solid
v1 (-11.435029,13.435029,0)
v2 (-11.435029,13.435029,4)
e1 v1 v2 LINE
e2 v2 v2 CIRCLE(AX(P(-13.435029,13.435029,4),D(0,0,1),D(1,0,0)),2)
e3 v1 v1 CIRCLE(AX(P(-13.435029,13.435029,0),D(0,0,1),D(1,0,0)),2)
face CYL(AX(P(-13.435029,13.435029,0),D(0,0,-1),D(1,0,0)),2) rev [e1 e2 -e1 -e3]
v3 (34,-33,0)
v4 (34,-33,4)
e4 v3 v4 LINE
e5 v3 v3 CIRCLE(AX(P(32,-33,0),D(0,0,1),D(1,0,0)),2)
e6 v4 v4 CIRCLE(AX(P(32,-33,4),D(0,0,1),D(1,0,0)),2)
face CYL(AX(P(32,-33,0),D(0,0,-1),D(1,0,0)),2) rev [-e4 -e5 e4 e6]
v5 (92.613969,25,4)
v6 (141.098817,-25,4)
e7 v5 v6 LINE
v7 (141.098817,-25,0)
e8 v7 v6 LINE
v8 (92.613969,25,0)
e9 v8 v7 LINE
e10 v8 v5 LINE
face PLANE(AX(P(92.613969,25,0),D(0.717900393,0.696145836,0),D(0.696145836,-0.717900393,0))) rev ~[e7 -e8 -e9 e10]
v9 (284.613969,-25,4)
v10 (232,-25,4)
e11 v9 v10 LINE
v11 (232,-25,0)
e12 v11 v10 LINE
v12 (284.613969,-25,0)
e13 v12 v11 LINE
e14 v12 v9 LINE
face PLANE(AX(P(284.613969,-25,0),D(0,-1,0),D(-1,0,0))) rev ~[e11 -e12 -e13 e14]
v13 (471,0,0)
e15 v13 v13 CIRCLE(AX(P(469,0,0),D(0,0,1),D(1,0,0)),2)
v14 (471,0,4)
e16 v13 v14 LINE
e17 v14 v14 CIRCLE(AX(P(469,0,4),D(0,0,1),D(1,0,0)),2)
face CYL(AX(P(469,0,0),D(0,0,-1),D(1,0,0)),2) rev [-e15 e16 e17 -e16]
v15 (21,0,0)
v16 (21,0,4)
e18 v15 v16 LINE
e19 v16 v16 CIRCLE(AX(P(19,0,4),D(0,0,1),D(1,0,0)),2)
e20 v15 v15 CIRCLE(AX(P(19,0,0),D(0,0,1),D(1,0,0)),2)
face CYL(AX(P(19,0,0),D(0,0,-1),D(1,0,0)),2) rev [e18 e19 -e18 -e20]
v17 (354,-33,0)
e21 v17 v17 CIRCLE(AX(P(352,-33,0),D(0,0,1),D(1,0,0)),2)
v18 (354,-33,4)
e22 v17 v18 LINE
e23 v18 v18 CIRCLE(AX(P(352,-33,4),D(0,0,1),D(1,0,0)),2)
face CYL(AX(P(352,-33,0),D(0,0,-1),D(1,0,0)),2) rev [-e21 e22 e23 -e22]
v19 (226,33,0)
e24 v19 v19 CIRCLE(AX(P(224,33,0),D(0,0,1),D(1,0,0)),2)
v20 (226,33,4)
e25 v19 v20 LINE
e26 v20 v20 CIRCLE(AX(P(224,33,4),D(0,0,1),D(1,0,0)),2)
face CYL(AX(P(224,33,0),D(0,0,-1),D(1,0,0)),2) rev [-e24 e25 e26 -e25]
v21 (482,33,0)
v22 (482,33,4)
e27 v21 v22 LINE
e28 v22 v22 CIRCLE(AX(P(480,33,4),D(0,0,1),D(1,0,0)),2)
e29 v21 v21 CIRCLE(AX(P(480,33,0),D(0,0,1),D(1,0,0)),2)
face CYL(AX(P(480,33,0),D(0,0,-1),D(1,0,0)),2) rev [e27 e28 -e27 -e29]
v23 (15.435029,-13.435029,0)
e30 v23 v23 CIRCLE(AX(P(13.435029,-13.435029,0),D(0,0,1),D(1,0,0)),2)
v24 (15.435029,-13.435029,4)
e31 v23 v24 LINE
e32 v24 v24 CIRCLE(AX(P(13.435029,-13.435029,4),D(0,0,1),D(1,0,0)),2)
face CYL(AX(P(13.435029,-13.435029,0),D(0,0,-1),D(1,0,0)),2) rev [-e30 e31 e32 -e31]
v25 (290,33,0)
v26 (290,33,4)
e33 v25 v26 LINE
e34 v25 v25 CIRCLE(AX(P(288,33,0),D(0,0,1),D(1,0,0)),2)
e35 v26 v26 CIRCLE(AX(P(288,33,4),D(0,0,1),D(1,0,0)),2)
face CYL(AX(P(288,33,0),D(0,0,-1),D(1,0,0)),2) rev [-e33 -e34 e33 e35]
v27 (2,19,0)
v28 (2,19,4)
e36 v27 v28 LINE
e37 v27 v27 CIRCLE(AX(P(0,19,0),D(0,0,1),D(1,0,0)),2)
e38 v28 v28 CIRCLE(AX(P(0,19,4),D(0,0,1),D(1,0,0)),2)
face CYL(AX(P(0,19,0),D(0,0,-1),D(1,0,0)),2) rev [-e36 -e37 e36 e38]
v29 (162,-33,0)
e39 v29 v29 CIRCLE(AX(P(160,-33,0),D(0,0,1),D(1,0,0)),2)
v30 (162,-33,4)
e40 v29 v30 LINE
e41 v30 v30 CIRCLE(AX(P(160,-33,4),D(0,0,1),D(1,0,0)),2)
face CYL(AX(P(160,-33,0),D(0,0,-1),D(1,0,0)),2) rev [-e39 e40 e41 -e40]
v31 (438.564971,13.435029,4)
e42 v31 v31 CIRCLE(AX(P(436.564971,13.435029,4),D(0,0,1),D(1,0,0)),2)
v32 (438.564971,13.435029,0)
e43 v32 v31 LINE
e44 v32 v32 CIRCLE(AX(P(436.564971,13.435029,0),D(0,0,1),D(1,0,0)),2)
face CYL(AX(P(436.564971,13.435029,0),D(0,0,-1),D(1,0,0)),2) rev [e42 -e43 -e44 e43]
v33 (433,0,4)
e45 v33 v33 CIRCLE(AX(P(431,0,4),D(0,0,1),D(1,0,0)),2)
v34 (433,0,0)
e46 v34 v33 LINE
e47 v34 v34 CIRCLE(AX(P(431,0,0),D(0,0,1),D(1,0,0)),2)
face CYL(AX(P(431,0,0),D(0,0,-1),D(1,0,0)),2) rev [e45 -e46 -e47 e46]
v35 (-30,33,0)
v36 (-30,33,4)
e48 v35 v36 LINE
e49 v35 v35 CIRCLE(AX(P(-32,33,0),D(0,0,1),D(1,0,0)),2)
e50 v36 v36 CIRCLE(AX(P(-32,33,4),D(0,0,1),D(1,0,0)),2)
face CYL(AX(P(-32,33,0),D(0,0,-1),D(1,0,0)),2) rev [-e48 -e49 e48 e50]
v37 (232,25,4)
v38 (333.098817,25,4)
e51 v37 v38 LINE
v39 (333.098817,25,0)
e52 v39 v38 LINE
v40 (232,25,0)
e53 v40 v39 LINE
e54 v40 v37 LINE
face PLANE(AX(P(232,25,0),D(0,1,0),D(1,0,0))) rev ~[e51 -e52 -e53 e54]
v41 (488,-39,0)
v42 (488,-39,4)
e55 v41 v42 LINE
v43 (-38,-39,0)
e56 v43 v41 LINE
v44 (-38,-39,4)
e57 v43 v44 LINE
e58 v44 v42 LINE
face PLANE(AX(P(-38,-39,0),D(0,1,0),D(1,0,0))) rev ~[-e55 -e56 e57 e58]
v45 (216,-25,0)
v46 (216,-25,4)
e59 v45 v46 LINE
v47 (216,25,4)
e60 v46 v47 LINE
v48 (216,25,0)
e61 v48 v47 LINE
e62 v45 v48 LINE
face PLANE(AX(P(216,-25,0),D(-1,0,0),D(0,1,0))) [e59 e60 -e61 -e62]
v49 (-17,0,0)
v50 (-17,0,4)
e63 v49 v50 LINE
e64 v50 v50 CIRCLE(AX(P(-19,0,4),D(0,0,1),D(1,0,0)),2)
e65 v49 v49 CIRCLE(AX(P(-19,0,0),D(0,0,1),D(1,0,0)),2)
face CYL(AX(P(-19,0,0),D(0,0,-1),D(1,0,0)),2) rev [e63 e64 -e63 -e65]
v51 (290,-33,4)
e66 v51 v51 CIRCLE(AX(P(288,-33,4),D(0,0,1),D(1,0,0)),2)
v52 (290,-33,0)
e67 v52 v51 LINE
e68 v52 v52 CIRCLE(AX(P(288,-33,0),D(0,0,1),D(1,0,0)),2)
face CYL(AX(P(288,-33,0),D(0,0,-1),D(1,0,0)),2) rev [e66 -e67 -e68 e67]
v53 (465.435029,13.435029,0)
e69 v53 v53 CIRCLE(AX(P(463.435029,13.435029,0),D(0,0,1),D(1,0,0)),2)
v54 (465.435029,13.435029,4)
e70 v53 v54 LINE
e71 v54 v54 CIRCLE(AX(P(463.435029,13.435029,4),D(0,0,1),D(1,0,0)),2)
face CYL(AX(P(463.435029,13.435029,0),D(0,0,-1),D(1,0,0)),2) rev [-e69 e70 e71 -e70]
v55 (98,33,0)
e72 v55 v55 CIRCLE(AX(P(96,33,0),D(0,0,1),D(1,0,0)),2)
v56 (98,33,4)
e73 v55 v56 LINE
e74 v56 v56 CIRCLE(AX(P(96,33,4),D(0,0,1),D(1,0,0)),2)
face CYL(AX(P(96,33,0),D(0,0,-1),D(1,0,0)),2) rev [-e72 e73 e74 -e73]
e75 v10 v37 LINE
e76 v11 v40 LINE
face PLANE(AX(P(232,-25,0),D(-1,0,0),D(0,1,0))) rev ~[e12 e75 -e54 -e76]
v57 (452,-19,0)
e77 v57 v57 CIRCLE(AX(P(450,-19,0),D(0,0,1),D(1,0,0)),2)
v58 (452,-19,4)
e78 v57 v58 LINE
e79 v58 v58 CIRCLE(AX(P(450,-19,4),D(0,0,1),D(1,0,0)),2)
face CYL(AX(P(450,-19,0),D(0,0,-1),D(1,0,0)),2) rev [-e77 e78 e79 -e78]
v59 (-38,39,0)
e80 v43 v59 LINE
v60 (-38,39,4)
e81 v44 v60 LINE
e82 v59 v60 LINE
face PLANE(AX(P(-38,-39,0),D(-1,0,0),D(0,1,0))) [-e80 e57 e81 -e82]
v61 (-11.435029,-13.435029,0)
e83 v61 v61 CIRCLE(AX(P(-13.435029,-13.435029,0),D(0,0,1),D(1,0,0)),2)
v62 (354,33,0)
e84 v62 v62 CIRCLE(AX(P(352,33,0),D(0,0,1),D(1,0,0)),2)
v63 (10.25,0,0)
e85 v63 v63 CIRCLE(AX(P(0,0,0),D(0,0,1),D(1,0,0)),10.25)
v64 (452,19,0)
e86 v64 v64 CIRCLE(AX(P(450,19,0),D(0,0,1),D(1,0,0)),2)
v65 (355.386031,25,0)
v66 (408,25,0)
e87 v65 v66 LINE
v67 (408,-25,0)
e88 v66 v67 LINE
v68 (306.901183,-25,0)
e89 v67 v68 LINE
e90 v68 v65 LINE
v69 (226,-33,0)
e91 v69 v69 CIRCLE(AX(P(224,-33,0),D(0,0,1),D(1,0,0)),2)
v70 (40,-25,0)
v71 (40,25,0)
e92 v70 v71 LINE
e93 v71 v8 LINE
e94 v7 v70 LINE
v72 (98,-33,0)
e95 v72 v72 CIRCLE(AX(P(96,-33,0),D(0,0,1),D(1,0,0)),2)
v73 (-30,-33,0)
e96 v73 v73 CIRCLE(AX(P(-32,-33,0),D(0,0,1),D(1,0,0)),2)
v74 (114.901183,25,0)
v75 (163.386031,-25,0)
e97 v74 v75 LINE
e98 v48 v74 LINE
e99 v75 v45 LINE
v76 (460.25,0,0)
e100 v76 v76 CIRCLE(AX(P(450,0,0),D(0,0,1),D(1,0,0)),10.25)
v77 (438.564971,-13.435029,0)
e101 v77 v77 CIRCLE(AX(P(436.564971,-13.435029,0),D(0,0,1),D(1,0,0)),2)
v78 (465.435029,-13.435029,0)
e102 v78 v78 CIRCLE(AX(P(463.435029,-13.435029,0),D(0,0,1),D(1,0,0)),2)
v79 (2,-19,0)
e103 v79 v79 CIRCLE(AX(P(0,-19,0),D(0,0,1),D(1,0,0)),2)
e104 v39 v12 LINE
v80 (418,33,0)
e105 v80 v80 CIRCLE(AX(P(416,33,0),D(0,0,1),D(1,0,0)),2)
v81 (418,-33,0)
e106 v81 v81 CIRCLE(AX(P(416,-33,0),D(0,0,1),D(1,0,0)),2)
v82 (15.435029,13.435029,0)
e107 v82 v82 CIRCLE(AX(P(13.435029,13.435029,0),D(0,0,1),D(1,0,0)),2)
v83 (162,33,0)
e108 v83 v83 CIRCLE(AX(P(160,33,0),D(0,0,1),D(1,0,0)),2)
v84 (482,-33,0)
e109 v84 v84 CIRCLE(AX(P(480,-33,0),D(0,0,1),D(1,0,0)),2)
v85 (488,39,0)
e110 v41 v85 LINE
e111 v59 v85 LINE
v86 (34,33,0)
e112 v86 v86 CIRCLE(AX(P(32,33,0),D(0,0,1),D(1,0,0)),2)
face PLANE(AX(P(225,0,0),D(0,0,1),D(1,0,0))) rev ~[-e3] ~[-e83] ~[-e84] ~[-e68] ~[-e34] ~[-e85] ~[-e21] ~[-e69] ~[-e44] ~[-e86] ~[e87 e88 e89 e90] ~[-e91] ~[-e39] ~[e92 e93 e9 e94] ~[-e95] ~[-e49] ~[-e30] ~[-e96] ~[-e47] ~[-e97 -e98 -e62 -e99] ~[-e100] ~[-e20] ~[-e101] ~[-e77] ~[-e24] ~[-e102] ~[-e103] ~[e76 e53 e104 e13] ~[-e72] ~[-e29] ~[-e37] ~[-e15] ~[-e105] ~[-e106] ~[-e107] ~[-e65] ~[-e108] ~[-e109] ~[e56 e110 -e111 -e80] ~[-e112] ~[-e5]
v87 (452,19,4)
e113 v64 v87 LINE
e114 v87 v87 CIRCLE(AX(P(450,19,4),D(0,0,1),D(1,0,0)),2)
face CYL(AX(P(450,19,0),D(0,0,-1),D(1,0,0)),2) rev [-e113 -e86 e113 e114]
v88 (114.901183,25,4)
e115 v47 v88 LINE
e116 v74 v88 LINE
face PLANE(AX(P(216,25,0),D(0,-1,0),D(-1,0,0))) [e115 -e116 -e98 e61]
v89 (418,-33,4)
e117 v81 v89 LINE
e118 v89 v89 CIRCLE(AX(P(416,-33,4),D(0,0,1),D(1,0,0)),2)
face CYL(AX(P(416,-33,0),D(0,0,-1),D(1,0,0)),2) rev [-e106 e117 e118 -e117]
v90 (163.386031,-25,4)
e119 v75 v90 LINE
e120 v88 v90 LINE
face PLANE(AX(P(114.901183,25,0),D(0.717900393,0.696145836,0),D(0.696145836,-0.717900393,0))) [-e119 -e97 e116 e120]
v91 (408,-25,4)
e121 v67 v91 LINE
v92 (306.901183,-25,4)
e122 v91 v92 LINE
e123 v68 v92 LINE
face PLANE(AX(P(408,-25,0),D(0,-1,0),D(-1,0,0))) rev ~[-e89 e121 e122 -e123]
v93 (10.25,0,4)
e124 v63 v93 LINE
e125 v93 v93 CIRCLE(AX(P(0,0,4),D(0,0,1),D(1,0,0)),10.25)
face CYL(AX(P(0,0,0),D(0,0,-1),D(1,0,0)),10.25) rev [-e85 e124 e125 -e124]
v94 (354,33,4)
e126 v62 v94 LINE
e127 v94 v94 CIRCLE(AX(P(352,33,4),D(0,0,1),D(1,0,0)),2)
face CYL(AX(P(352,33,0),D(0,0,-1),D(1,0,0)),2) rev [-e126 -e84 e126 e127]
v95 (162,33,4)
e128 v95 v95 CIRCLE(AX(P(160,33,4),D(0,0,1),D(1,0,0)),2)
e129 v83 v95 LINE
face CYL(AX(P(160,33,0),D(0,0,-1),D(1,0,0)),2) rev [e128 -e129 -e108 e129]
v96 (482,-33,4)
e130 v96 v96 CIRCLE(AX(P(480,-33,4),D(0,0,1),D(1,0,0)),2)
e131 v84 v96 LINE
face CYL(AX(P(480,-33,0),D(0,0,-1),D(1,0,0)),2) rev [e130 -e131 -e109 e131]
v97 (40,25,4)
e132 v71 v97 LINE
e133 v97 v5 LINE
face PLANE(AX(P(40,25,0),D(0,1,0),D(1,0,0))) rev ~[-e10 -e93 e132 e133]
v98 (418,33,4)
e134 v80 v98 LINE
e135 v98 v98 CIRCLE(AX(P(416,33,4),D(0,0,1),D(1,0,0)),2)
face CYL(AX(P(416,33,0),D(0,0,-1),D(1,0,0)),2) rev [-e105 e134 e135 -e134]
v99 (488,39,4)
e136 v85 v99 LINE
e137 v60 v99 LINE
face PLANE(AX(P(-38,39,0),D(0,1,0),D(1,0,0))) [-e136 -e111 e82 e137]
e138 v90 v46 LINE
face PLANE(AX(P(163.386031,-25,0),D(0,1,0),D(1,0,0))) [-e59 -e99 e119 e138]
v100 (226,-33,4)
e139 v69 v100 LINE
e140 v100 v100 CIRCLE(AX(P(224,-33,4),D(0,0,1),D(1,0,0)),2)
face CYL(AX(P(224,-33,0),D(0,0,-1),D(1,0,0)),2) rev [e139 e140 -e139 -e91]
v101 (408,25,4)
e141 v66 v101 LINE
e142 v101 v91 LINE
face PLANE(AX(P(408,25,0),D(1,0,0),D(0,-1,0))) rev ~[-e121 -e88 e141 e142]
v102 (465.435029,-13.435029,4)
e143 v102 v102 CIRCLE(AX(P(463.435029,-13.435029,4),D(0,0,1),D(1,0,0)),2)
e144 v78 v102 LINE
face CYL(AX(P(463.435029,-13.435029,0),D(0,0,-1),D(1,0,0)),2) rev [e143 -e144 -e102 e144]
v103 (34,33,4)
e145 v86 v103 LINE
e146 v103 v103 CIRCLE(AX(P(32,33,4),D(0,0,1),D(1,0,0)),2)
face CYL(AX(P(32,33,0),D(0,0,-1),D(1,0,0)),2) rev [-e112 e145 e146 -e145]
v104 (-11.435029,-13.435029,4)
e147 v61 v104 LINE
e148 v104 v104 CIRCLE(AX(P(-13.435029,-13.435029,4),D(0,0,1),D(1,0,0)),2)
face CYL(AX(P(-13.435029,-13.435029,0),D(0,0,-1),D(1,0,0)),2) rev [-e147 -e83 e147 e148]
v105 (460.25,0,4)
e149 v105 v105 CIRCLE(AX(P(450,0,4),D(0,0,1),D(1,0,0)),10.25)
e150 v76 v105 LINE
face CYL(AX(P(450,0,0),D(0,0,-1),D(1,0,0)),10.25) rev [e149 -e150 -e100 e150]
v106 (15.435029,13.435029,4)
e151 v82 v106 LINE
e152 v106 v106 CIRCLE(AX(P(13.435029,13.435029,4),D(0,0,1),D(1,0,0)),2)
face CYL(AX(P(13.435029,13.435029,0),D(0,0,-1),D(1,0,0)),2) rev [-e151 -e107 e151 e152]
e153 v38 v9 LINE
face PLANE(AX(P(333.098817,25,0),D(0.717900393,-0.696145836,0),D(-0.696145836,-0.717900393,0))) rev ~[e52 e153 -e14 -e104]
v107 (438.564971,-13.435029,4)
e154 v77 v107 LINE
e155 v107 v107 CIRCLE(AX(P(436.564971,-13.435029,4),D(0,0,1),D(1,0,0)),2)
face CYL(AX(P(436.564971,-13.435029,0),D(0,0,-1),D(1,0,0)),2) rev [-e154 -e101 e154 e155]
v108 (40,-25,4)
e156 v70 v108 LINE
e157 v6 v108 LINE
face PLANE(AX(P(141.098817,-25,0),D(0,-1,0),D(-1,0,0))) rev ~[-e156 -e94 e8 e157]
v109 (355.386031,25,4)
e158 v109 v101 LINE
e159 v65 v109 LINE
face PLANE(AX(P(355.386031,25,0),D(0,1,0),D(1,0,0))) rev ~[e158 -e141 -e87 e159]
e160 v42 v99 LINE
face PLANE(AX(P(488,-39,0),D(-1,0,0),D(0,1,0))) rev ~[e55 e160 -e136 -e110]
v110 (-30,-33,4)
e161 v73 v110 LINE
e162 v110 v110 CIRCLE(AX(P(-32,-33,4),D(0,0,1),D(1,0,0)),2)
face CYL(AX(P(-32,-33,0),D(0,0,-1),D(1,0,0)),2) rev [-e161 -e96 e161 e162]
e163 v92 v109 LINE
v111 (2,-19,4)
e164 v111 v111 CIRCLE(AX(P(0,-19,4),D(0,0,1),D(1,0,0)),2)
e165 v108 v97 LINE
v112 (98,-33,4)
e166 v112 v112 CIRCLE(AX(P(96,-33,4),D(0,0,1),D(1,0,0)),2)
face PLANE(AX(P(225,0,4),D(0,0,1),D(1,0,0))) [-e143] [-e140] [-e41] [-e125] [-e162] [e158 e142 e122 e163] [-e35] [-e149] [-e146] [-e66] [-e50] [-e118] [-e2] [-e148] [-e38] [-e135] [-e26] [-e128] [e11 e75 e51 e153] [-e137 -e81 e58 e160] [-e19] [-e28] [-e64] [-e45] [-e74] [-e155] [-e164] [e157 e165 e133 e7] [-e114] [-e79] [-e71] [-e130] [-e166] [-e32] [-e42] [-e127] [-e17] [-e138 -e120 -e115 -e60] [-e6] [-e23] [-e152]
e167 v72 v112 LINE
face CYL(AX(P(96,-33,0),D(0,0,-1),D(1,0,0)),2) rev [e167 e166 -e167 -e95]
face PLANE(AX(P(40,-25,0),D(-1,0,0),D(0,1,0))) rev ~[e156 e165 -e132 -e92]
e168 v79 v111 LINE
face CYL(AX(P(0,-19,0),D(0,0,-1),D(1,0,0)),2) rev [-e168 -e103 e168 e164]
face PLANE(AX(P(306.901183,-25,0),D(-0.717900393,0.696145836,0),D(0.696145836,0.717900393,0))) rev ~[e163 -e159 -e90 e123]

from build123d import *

# Parameters (mm, degrees)
SKETCH_1_W      = 526
SKETCH_1_H      = 78
SKETCH_1_R      = 2
SKETCH_1_R_2    = 10.25
EXTRUDE_1_DEPTH = 4


with BuildPart() as part:
    # 草图1 → 凸台-拉伸1 (new body)
    with BuildSketch(Plane.XY):
        with Locations((225, 0)):
            Rectangle(SKETCH_1_W, SKETCH_1_H)
        with Locations((-32, -33)):
            Circle(SKETCH_1_R, mode=Mode.SUBTRACT)
        with Locations((32, -33)):
            Circle(SKETCH_1_R, mode=Mode.SUBTRACT)
        with Locations((96, -33)):
            Circle(SKETCH_1_R, mode=Mode.SUBTRACT)
        with Locations((160, -33)):
            Circle(SKETCH_1_R, mode=Mode.SUBTRACT)
        with Locations((224, -33)):
            Circle(SKETCH_1_R, mode=Mode.SUBTRACT)
        with Locations((0, -19)):
            Circle(SKETCH_1_R, mode=Mode.SUBTRACT)
        with Locations((-13.435028843, -13.435028843)):
            Circle(SKETCH_1_R, mode=Mode.SUBTRACT)
        with Locations((13.435028843, -13.435028843)):
            Circle(SKETCH_1_R, mode=Mode.SUBTRACT)
        with Locations((19, 0)):
            Circle(SKETCH_1_R, mode=Mode.SUBTRACT)
        with Locations((288, -33)):
            Circle(SKETCH_1_R, mode=Mode.SUBTRACT)
        with Locations((352, -33)):
            Circle(SKETCH_1_R, mode=Mode.SUBTRACT)
        with Locations((416, -33)):
            Circle(SKETCH_1_R, mode=Mode.SUBTRACT)
        with Locations((480, -33)):
            Circle(SKETCH_1_R, mode=Mode.SUBTRACT)
        with Locations((450, -19)):
            Circle(SKETCH_1_R, mode=Mode.SUBTRACT)
        with Locations((436.564971157, -13.435028843)):
            Circle(SKETCH_1_R, mode=Mode.SUBTRACT)
        with Locations((463.435028843, -13.435028843)):
            Circle(SKETCH_1_R, mode=Mode.SUBTRACT)
        with Locations((-19, 0)):
            Circle(SKETCH_1_R, mode=Mode.SUBTRACT)
        Circle(SKETCH_1_R_2, mode=Mode.SUBTRACT)
        Polygon((40, -25), (40, 25), (92.613968548, 25), (141.098817033, -25), align=None, mode=Mode.SUBTRACT)
        with Locations((-13.435028843, 13.435028843)):
            Circle(SKETCH_1_R, mode=Mode.SUBTRACT)
        with Locations((13.435028843, 13.435028843)):
            Circle(SKETCH_1_R, mode=Mode.SUBTRACT)
        with Locations((0, 19)):
            Circle(SKETCH_1_R, mode=Mode.SUBTRACT)
        Polygon((163.386031452, -25), (114.901182967, 25), (216, 25), (216, -25), align=None, mode=Mode.SUBTRACT)
        with Locations((-32, 33)):
            Circle(SKETCH_1_R, mode=Mode.SUBTRACT)
        with Locations((32, 33)):
            Circle(SKETCH_1_R, mode=Mode.SUBTRACT)
        with Locations((96, 33)):
            Circle(SKETCH_1_R, mode=Mode.SUBTRACT)
        with Locations((160, 33)):
            Circle(SKETCH_1_R, mode=Mode.SUBTRACT)
        with Locations((224, 33)):
            Circle(SKETCH_1_R, mode=Mode.SUBTRACT)
        Polygon((333.098817033, 25), (284.613968548, -25), (232, -25), (232, 25), align=None, mode=Mode.SUBTRACT)
        Polygon((408, -25), (306.901182967, -25), (355.386031452, 25), (408, 25), align=None, mode=Mode.SUBTRACT)
        with Locations((431, 0)):
            Circle(SKETCH_1_R, mode=Mode.SUBTRACT)
        with Locations((450, 0)):
            Circle(SKETCH_1_R_2, mode=Mode.SUBTRACT)
        with Locations((469, 0)):
            Circle(SKETCH_1_R, mode=Mode.SUBTRACT)
        with Locations((436.564971157, 13.435028843)):
            Circle(SKETCH_1_R, mode=Mode.SUBTRACT)
        with Locations((463.435028843, 13.435028843)):
            Circle(SKETCH_1_R, mode=Mode.SUBTRACT)
        with Locations((450, 19)):
            Circle(SKETCH_1_R, mode=Mode.SUBTRACT)
        with Locations((288, 33)):
            Circle(SKETCH_1_R, mode=Mode.SUBTRACT)
        with Locations((352, 33)):
            Circle(SKETCH_1_R, mode=Mode.SUBTRACT)
        with Locations((416, 33)):
            Circle(SKETCH_1_R, mode=Mode.SUBTRACT)
        with Locations((480, 33)):
            Circle(SKETCH_1_R, mode=Mode.SUBTRACT)
    extrude(amount=EXTRUDE_1_DEPTH)


solid = part.part
